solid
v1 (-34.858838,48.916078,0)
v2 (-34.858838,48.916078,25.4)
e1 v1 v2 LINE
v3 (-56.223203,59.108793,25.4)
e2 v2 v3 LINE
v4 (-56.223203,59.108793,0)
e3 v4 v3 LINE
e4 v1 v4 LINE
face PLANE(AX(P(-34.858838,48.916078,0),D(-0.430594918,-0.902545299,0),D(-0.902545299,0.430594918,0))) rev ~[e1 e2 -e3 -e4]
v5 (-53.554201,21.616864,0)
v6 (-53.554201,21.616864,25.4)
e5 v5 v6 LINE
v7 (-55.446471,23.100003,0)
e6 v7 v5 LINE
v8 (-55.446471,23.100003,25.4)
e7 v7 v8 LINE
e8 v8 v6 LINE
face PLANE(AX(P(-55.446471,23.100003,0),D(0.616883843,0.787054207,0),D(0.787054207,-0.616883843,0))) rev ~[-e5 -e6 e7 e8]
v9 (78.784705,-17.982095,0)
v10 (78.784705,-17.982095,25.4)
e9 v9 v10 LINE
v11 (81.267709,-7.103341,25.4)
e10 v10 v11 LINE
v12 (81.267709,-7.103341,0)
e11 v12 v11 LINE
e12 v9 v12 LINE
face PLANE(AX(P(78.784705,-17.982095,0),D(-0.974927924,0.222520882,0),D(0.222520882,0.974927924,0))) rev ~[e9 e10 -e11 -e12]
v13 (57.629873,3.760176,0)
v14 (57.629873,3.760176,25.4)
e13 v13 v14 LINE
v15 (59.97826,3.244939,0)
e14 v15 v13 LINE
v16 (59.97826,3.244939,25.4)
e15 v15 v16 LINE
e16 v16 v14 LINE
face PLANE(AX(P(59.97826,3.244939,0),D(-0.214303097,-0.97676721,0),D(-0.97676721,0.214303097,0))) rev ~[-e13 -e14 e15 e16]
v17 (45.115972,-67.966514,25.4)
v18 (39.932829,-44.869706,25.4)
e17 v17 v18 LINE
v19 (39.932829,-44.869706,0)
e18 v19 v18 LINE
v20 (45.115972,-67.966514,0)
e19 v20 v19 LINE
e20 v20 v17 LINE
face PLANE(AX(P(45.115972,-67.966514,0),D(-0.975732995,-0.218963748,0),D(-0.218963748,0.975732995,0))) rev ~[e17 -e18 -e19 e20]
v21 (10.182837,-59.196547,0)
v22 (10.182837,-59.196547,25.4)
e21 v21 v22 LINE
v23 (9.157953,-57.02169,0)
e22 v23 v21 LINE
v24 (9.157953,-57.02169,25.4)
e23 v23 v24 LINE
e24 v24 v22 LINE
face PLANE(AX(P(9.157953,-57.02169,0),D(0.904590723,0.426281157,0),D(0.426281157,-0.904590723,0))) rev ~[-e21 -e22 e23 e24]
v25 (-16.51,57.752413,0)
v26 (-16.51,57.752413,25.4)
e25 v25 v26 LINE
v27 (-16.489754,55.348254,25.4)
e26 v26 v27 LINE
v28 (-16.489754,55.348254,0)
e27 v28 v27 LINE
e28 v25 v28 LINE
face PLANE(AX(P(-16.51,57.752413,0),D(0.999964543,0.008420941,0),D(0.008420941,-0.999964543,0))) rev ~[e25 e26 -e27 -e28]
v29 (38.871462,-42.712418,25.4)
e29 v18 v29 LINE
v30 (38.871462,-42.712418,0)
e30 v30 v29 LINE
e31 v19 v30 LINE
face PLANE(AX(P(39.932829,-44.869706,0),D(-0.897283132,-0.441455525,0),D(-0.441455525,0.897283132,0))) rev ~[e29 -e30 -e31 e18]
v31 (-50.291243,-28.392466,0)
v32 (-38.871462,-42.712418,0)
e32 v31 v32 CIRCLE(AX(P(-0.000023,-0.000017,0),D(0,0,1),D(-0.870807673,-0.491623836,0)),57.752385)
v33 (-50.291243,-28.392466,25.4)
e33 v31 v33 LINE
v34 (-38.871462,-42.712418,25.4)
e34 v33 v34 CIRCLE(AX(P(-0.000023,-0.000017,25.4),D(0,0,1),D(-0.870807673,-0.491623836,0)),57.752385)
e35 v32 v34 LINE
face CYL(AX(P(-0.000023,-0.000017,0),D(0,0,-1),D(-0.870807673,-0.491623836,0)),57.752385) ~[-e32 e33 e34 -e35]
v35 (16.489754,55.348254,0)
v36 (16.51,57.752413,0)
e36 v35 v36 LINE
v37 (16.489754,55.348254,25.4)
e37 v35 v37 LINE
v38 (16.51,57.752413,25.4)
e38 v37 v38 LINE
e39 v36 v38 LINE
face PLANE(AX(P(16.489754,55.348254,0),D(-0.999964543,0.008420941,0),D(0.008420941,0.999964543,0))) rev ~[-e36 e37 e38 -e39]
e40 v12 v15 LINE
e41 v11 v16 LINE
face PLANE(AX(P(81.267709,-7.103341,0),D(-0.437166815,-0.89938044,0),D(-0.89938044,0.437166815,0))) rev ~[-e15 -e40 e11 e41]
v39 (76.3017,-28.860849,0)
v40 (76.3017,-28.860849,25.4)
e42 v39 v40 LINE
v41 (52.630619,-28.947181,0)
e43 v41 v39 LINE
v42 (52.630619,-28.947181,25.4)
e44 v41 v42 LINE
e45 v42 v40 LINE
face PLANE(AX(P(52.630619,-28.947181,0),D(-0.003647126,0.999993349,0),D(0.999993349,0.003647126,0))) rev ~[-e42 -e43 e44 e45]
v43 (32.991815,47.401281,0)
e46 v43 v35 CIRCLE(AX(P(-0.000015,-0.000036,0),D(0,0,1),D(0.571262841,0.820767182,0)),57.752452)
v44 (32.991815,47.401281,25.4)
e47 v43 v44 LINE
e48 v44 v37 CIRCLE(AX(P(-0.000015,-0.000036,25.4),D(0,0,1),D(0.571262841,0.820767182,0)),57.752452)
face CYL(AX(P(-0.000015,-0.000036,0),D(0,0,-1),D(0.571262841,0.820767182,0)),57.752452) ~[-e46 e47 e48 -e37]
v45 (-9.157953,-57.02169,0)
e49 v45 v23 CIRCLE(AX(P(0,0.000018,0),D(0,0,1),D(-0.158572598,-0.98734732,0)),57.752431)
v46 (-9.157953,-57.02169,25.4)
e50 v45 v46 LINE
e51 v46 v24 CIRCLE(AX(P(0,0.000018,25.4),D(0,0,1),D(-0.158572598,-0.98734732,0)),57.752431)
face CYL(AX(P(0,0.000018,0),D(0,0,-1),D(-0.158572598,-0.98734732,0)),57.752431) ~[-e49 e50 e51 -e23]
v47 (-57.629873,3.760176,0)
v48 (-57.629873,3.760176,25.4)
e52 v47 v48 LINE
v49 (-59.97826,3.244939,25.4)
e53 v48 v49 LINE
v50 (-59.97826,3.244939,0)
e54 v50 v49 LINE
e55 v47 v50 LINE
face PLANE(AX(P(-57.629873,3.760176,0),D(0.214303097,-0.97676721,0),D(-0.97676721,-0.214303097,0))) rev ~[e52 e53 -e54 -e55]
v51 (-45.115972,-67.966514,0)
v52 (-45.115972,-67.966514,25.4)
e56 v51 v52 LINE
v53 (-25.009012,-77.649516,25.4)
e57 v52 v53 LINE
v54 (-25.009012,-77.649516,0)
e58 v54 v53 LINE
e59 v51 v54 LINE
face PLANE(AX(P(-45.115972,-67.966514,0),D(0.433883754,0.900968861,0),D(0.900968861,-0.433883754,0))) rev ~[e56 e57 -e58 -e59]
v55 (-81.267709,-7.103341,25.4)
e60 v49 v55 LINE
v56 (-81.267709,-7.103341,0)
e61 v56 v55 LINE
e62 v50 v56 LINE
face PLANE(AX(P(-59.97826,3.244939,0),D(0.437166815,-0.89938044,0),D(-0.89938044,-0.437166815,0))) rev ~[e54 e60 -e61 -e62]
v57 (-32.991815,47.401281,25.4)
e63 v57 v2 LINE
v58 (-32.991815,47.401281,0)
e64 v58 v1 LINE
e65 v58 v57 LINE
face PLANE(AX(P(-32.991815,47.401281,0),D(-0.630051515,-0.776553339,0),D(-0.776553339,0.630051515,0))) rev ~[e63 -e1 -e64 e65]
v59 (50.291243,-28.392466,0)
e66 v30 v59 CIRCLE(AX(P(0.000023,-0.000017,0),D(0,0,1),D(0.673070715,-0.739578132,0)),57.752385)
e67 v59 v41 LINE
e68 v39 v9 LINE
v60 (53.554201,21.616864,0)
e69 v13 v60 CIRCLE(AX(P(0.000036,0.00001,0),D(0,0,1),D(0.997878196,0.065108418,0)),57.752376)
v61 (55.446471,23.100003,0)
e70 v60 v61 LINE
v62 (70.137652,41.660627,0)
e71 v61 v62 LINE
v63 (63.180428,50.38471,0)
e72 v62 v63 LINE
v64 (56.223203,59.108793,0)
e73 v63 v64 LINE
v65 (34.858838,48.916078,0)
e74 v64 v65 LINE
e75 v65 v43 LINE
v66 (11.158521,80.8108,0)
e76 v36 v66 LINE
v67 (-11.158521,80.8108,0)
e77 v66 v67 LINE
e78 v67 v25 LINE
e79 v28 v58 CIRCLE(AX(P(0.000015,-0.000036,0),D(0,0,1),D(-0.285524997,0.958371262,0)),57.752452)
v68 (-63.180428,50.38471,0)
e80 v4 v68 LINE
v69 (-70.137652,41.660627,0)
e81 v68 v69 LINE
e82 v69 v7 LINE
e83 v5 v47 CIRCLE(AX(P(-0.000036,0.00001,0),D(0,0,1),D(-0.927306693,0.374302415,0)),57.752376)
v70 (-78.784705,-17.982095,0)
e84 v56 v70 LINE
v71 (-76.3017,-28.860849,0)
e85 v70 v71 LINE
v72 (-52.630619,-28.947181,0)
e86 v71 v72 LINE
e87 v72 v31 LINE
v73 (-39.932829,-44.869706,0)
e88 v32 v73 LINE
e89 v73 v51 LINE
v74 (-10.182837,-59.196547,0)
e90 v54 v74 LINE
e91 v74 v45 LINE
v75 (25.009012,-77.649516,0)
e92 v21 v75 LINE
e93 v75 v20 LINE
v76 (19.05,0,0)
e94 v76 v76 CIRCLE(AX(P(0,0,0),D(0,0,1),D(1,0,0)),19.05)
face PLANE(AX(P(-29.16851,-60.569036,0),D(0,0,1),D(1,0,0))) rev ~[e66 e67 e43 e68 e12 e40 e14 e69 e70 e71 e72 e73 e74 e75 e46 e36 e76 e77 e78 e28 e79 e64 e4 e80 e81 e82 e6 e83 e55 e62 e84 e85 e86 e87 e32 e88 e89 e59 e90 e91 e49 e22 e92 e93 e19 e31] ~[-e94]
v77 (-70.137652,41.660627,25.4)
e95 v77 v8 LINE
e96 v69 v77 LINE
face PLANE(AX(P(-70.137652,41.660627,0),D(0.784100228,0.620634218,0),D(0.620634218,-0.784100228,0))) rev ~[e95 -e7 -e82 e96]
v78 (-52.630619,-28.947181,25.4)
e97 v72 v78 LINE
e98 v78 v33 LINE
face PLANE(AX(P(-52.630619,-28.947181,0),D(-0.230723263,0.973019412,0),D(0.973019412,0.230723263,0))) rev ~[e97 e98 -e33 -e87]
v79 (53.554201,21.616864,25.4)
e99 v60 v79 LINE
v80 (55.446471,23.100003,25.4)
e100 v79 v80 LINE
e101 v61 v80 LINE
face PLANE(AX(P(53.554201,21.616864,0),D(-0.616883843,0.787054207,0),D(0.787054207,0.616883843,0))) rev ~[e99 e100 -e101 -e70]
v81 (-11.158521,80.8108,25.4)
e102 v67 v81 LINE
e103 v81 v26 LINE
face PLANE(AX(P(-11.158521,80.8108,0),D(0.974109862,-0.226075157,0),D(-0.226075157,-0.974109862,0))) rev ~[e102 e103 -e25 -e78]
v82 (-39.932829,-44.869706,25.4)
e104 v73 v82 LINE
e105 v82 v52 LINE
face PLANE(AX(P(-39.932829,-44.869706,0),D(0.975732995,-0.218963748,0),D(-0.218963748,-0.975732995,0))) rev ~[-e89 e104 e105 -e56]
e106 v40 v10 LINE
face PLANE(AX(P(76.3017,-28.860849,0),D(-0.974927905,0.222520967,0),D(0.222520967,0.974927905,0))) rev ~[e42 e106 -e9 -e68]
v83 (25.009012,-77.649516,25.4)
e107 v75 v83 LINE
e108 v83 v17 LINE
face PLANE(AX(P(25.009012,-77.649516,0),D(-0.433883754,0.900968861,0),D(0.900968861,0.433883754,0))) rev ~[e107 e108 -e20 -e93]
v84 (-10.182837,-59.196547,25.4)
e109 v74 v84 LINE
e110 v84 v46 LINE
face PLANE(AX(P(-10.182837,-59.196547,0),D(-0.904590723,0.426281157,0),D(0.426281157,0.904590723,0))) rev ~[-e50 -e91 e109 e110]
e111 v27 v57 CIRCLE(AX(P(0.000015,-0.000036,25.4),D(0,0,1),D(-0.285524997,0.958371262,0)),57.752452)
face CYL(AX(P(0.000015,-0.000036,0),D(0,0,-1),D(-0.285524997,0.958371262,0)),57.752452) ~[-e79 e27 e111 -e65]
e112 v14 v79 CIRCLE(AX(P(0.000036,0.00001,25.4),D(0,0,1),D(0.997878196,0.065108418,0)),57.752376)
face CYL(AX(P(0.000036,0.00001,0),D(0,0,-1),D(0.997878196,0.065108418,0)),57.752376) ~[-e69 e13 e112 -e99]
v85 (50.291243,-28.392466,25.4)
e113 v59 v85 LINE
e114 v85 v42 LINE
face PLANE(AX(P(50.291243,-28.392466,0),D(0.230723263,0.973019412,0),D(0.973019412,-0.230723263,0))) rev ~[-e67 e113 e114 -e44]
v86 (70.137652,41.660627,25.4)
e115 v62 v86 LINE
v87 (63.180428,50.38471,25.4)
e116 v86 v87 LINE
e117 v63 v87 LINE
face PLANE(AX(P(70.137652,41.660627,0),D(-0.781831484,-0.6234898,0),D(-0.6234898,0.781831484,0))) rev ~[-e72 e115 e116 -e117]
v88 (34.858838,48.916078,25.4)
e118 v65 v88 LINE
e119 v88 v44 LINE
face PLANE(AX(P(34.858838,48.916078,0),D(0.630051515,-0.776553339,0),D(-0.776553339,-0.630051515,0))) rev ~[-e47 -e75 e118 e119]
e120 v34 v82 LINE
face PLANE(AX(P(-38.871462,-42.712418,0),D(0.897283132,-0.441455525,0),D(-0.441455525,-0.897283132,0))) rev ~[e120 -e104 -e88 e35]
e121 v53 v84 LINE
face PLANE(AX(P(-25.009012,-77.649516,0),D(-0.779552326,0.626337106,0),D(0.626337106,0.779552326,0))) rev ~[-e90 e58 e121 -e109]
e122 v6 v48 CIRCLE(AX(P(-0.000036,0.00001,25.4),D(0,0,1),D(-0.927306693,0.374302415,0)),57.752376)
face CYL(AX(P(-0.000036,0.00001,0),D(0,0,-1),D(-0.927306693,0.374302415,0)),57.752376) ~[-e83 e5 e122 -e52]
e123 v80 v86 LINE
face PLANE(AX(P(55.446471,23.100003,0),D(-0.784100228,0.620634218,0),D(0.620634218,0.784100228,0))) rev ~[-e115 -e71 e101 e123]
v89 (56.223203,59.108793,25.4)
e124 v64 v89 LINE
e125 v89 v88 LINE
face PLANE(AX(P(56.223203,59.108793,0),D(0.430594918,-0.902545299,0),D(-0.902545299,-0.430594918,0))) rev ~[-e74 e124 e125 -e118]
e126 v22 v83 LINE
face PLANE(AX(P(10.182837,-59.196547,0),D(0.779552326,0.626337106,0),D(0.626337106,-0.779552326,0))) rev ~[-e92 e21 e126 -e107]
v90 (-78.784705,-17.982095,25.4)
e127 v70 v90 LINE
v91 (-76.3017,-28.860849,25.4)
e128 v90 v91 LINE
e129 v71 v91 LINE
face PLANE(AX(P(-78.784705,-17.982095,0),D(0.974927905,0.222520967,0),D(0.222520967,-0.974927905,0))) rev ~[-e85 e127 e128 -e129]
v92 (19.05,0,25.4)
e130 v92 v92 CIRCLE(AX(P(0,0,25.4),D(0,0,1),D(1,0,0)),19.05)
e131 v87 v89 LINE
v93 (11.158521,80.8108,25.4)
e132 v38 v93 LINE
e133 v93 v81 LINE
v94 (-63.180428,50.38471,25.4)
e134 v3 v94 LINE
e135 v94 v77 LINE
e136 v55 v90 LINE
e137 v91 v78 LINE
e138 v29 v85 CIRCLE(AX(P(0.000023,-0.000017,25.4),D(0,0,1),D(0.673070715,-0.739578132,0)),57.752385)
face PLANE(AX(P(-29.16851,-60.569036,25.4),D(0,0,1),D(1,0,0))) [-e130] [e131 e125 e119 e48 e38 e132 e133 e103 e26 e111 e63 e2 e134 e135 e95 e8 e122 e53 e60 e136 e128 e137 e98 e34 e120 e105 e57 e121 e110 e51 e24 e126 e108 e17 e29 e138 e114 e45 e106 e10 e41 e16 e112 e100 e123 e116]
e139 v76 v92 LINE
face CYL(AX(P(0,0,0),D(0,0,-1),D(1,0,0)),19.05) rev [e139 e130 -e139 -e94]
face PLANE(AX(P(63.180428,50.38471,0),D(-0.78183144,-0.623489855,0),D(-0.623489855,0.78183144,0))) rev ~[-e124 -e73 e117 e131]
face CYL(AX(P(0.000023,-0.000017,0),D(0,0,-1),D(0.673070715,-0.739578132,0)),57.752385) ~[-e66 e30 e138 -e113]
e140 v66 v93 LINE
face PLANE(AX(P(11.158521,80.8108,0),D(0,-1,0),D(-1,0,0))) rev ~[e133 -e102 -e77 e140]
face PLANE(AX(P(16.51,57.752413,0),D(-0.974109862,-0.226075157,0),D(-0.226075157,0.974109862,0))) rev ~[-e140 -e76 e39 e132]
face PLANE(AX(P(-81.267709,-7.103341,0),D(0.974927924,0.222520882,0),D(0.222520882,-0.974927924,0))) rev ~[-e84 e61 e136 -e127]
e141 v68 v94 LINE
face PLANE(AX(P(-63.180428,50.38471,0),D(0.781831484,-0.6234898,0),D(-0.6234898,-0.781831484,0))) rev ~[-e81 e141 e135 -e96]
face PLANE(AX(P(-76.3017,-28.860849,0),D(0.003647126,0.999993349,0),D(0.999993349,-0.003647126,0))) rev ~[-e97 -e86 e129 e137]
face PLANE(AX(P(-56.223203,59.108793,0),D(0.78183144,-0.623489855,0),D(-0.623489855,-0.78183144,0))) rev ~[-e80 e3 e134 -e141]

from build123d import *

# Parameters (mm, degrees)
F0_R     = 19.05
F1_DEPTH = 25.4


with BuildPart() as f1:
    # F0 (on Top) → F1 (new body)
    with BuildSketch(Plane.XY):
        with BuildLine():
            Line((-10.182837, -59.196547), (-9.157953, -57.02169))
            ThreePointArc((-9.157953, -57.02169), (-25.057833, -52.033126), (-38.871462, -42.712418))
            Line((-38.871462, -42.712418), (-39.932829, -44.869706))
            Line((-39.932829, -44.869706), (-45.115972, -67.966514))
            Line((-45.115972, -67.966514), (-35.062492, -72.808015))
            Line((-35.062492, -72.808015), (-25.009012, -77.649516))
            Line((-25.009012, -77.649516), (-10.182837, -59.196547))
        make_face()
        with BuildLine():
            Line((-52.630619, -28.947181), (-50.291243, -28.392466))
            ThreePointArc((-50.291243, -28.392466), (-56.30444, -12.851121), (-57.629873, 3.760176))
            Line((-57.629873, 3.760176), (-59.97826, 3.244939))
            Line((-59.97826, 3.244939), (-81.267709, -7.103341))
            Line((-81.267709, -7.103341), (-78.784705, -17.982095))
            Line((-78.784705, -17.982095), (-76.3017, -28.860849))
            Line((-76.3017, -28.860849), (-52.630619, -28.947181))
        make_face()
        with BuildLine():
            ThreePointArc((-53.554201, 21.616864), (-45.152655, 36.008041), (-32.991815, 47.401281))
            Line((-32.991815, 47.401281), (-34.858838, 48.916078))
            Line((-34.858838, 48.916078), (-56.223203, 59.108793))
            Line((-56.223203, 59.108793), (-63.180428, 50.38471))
            Line((-63.180428, 50.38471), (-70.137652, 41.660627))
            Line((-70.137652, 41.660627), (-55.446471, 23.100003))
            Line((-55.446471, 23.100003), (-53.554201, 21.616864))
        make_face()
        with BuildLine():
            ThreePointArc((32.991815, 47.401281), (45.152655, 36.008041), (53.554201, 21.616864))
            Line((53.554201, 21.616864), (55.446471, 23.100003))
            Line((55.446471, 23.100003), (70.137652, 41.660627))
            Line((70.137652, 41.660627), (63.180428, 50.38471))
            Line((63.180428, 50.38471), (56.223203, 59.108793))
            Line((56.223203, 59.108793), (34.858838, 48.916078))
            Line((34.858838, 48.916078), (32.991815, 47.401281))
        make_face()
        with BuildLine():
            ThreePointArc((0, 57.752413), (8.332046, 57.148213), (16.489754, 55.348254))
            Line((16.489754, 55.348254), (16.51, 57.752413))
            Line((16.51, 57.752413), (11.158521, 80.8108))
            Line((11.158521, 80.8108), (0, 80.8108))
            Line((0, 80.8108), (0, 57.752413))
        make_face()
        with BuildLine():
            ThreePointArc((-16.489754, 55.348254), (-8.332046, 57.148213), (0, 57.752413))
            Line((0, 57.752413), (0, 80.8108))
            Line((0, 80.8108), (-11.158521, 80.8108))
            Line((-11.158521, 80.8108), (-16.51, 57.752413))
            Line((-16.51, 57.752413), (-16.489754, 55.348254))
        make_face()
        with BuildLine():
            ThreePointArc((57.629873, 3.760176), (57.72177, 1.881086), (57.752413, 0))
            ThreePointArc((57.752413, 0), (55.855984, -14.678225), (50.291243, -28.392466))
            Line((50.291243, -28.392466), (52.630619, -28.947181))
            Line((52.630619, -28.947181), (76.3017, -28.860849))
            Line((76.3017, -28.860849), (78.784705, -17.982095))
            Line((78.784705, -17.982095), (81.267709, -7.103341))
            Line((81.267709, -7.103341), (59.97826, 3.244939))
            Line((59.97826, 3.244939), (57.629873, 3.760176))
        make_face()
        with BuildLine():
            Line((39.932829, -44.869706), (38.871462, -42.712418))
            ThreePointArc((38.871462, -42.712418), (25.057833, -52.033126), (9.157953, -57.02169))
            Line((9.157953, -57.02169), (10.182837, -59.196547))
            Line((10.182837, -59.196547), (25.009012, -77.649516))
            Line((25.009012, -77.649516), (35.062492, -72.808015))
            Line((35.062492, -72.808015), (45.115972, -67.966514))
            Line((45.115972, -67.966514), (39.932829, -44.869706))
        make_face()
        with BuildLine():
            ThreePointArc((50.291243, -28.392466), (55.855984, -14.678225), (57.752413, 0))
            ThreePointArc((57.752413, 0), (57.72177, 1.881086), (57.629873, 3.760176))
            ThreePointArc((57.629873, 3.760176), (56.30444, 12.851121), (53.554201, 21.616864))
            ThreePointArc((53.554201, 21.616864), (45.152655, 36.008041), (32.991815, 47.401281))
            ThreePointArc((32.991815, 47.401281), (25.057833, 52.033126), (16.489754, 55.348254))
            ThreePointArc((16.489754, 55.348254), (8.332046, 57.148213), (0, 57.752413))
            ThreePointArc((0, 57.752413), (-8.332046, 57.148213), (-16.489754, 55.348254))
            ThreePointArc((-16.489754, 55.348254), (-25.057833, 52.033126), (-32.991815, 47.401281))
            ThreePointArc((-32.991815, 47.401281), (-45.152655, 36.008041), (-53.554201, 21.616864))
            ThreePointArc((-53.554201, 21.616864), (-56.30444, 12.851121), (-57.629873, 3.760176))
            ThreePointArc((-57.629873, 3.760176), (-56.30444, -12.851121), (-50.291243, -28.392466))
            ThreePointArc((-50.291243, -28.392466), (-45.152655, -36.008041), (-38.871462, -42.712418))
            ThreePointArc((-38.871462, -42.712418), (-25.057833, -52.033126), (-9.157953, -57.02169))
            ThreePointArc((-9.157953, -57.02169), (0, -57.752413), (9.157953, -57.02169))
            ThreePointArc((9.157953, -57.02169), (25.057833, -52.033126), (38.871462, -42.712418))
            ThreePointArc((38.871462, -42.712418), (45.152655, -36.008041), (50.291243, -28.392466))
        make_face()
        Circle(F0_R, mode=Mode.SUBTRACT)
    extrude(amount=F1_DEPTH)


solid = f1.part
